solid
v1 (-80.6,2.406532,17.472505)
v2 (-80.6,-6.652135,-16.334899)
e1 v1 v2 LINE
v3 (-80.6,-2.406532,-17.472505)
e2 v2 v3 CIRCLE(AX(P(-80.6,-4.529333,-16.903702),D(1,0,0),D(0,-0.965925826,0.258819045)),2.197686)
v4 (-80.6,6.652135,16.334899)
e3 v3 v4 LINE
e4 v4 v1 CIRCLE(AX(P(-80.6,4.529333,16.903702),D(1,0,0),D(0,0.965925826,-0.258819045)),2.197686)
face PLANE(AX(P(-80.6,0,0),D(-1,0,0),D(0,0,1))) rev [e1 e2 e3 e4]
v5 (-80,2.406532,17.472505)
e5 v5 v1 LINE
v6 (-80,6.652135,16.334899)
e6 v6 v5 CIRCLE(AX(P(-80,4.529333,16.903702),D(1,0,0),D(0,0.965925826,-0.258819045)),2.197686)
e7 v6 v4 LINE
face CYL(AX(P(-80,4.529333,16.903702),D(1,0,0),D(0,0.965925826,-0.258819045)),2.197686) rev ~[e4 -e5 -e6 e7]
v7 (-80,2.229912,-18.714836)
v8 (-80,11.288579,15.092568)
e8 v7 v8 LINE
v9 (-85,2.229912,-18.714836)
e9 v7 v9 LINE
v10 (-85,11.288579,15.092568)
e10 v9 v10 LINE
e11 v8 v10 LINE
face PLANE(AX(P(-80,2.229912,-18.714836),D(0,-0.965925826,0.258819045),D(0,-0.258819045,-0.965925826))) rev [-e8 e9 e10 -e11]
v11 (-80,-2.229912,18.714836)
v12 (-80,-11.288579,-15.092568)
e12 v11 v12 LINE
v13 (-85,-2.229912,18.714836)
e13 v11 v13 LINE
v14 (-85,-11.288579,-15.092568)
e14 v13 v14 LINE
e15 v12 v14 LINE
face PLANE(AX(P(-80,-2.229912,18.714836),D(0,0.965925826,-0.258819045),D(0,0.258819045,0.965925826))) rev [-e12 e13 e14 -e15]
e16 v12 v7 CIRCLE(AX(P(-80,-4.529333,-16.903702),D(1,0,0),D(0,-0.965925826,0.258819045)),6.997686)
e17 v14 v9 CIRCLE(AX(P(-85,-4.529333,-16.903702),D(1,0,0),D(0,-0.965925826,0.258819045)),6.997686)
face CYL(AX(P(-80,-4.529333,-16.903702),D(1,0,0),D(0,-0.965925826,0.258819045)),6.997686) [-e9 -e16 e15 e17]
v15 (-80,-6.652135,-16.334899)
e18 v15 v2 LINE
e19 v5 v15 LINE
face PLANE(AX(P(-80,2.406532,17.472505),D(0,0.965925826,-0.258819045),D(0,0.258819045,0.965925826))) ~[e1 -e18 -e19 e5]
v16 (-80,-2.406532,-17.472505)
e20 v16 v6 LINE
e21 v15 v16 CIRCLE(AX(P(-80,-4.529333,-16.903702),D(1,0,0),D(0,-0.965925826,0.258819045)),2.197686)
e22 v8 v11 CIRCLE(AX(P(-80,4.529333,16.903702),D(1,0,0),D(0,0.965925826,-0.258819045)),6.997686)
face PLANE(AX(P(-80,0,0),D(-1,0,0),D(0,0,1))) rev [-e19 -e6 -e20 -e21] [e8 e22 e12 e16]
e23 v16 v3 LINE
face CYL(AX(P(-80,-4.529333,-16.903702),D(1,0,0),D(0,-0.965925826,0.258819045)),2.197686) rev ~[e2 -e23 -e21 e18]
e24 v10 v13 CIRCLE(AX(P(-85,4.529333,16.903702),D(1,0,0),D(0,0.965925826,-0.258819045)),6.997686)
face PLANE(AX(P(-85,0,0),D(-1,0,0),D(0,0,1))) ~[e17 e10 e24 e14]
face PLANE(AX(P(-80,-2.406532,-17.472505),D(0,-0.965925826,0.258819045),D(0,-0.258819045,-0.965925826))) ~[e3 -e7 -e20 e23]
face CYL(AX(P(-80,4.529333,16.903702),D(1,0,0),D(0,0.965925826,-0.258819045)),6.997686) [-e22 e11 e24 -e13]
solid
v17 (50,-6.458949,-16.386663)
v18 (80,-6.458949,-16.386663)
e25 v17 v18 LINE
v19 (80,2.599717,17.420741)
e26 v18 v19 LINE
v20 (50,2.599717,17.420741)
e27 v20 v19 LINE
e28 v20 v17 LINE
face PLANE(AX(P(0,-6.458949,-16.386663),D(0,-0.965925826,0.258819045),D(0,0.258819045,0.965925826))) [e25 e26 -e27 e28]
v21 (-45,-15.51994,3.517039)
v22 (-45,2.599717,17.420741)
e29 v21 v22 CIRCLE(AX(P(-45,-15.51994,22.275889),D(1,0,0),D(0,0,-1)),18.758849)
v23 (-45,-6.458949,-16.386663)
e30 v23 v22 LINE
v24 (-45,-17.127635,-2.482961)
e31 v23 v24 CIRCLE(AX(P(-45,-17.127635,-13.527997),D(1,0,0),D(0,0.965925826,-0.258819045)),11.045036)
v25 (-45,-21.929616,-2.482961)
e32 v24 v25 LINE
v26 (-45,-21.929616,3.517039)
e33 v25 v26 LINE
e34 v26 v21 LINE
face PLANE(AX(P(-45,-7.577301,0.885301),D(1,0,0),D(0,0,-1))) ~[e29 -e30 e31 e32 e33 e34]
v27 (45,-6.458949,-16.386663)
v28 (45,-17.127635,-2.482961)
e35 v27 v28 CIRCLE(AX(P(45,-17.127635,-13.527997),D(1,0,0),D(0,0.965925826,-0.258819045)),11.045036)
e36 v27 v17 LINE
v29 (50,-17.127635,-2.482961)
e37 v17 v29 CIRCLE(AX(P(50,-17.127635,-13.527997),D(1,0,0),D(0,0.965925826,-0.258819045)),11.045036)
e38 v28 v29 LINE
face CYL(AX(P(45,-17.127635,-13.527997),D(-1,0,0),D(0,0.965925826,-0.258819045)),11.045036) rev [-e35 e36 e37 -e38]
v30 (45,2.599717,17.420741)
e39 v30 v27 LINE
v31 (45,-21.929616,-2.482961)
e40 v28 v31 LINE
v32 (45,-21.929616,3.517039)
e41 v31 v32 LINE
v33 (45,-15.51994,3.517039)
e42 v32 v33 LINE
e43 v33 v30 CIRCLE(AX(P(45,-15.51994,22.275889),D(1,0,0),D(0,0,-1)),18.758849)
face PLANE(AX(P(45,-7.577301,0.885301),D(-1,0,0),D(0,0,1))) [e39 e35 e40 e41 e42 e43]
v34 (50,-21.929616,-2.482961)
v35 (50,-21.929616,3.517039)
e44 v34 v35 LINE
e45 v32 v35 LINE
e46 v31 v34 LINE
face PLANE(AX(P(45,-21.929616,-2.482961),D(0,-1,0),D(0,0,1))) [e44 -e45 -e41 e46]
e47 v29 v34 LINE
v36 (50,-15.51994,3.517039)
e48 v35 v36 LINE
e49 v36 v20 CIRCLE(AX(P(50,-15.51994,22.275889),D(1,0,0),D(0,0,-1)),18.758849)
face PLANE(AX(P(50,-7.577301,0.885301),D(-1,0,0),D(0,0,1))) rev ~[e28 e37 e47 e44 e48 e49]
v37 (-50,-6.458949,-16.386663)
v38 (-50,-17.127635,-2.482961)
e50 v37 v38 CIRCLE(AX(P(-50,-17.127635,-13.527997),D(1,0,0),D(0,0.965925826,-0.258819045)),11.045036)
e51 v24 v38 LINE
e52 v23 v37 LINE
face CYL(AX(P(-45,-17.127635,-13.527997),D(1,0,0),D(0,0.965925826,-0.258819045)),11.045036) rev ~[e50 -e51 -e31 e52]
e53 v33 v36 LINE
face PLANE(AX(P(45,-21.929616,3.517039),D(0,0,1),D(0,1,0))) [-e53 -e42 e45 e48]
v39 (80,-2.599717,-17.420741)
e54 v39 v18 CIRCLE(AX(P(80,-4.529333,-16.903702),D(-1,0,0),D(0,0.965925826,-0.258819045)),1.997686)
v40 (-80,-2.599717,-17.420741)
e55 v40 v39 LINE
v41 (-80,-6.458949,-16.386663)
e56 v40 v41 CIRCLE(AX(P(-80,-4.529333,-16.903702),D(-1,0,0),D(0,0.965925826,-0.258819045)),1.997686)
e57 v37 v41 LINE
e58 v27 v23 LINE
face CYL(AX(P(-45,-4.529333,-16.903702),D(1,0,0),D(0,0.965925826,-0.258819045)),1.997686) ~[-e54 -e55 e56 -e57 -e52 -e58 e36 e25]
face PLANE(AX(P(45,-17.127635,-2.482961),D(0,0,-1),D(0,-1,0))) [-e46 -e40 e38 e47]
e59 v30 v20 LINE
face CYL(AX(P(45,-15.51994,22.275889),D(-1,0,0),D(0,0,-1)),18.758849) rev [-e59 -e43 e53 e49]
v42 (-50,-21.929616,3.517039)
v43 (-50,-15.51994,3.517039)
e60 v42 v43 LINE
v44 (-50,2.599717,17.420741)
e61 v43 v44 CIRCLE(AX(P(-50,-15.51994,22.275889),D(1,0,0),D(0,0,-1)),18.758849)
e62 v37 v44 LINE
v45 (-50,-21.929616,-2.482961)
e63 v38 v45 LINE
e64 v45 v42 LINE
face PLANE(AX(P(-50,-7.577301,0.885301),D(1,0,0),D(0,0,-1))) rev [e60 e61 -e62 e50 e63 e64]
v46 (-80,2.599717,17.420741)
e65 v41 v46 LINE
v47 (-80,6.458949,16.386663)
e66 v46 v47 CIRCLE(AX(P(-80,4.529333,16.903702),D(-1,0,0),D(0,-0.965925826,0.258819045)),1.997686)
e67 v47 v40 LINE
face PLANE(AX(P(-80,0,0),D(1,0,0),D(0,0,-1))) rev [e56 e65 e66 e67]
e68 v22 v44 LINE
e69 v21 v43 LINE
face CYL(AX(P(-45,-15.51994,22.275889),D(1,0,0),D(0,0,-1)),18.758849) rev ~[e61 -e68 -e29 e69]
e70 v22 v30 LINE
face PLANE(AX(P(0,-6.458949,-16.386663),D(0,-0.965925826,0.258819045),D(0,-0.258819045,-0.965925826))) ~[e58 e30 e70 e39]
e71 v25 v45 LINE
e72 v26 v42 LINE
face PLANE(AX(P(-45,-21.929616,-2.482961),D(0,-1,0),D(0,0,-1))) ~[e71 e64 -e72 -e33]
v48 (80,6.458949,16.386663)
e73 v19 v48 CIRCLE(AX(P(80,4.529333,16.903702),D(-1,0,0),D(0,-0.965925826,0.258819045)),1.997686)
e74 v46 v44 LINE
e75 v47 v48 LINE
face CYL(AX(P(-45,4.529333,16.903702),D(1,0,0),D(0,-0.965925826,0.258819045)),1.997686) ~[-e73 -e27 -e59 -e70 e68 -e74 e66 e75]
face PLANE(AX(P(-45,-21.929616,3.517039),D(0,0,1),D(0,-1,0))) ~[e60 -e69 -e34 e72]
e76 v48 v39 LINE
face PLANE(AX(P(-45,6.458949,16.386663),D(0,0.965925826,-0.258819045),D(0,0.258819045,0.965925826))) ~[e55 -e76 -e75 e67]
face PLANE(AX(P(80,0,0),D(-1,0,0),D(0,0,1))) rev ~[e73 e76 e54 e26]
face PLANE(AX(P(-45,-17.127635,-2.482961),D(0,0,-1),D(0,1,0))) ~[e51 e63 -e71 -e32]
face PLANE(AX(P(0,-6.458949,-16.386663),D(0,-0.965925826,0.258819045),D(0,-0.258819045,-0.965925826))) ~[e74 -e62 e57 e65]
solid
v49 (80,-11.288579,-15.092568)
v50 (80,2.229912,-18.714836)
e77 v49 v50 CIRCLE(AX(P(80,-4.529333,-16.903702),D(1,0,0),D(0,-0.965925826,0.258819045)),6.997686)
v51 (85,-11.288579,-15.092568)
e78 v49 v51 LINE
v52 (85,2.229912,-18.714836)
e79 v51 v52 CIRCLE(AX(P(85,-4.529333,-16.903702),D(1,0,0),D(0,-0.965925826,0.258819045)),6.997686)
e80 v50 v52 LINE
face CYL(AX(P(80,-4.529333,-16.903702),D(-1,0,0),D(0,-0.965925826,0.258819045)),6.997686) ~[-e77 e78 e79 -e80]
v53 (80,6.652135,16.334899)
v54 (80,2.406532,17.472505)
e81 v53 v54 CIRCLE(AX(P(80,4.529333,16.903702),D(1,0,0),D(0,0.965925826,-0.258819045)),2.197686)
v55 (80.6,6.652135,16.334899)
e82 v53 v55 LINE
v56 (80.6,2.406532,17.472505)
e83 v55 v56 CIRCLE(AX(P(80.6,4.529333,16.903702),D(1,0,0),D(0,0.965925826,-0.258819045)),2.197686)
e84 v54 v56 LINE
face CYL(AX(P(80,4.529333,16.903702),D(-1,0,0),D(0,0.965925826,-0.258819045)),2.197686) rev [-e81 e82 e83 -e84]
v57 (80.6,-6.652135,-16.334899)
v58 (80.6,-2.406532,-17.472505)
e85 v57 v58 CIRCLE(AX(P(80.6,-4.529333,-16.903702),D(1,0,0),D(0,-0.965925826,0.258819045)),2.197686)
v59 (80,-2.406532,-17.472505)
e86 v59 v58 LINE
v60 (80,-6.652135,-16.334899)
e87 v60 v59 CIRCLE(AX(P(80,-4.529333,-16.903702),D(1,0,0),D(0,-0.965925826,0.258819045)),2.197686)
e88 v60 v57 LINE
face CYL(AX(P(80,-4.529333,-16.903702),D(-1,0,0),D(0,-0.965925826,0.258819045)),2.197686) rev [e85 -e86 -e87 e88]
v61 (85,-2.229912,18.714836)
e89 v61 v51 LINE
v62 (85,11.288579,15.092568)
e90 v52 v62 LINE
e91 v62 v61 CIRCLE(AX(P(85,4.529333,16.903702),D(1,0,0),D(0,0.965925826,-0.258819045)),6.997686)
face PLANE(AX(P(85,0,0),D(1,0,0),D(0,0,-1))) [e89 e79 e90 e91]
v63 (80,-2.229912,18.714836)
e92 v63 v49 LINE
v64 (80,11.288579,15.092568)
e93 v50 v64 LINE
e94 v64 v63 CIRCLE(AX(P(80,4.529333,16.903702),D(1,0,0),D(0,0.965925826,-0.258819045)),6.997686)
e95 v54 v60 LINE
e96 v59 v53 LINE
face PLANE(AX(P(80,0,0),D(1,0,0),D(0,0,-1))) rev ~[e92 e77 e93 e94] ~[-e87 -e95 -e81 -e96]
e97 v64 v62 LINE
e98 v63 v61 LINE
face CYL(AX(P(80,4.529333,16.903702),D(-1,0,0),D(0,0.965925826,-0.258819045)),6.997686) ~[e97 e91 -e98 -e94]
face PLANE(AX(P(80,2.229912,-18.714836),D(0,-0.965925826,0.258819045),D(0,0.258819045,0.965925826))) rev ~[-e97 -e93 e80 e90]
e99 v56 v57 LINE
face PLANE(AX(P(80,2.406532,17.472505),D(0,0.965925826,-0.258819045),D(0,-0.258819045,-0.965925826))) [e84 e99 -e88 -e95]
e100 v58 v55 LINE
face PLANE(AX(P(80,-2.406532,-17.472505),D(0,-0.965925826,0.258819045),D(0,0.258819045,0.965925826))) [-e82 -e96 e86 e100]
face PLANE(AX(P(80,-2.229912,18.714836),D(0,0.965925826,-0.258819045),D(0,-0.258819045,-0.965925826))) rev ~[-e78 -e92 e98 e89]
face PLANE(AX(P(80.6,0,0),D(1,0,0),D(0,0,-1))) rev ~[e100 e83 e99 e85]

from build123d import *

# Parameters (mm, degrees)
BOSS_EXTRUDE1_DEPTH = 80
BOSS_EXTRUDE2_DEPTH = 5
CUT_EXTRUDE1_DEPTH  = 0.6
BOSS_EXTRUDE5_START = -45
BOSS_EXTRUDE5_DEPTH = 5


with BuildPart() as part:
    # Sketch1 → Boss-Extrude1 (new body)
    with BuildSketch(Plane(origin=(0, 0, 0), x_dir=(0, 0, -1), z_dir=(1, 0, 0))):
        with BuildLine():
            Line((-16.386662876, 6.458949422), (17.420741045, -2.599717156))
            ThreePointArc((17.420741045, -2.599717156), (18.833318093, -5.046372374), (16.386662876, -6.458949422))
            Line((16.386662876, -6.458949422), (-17.420741045, 2.599717156))
            ThreePointArc((-17.420741045, 2.599717156), (-18.833318093, 5.046372374), (-16.386662876, 6.458949422))
        make_face()
    boss_extrude1 = extrude(amount=BOSS_EXTRUDE1_DEPTH)

    # Sketch7 → Boss-Extrude5 (add)
    with BuildSketch(Plane.ZY.offset(BOSS_EXTRUDE5_START)):
        with BuildLine():
            ThreePointArc((-16.386662876, -6.458949422), (-6.804205107, -8.365018782), (-2.482960915, -17.127635169))
            Line((-2.482960915, -17.127635169), (-2.482960915, -21.929616133))
            Line((-2.482960915, -21.929616133), (3.517039085, -21.929616133))
            Line((3.517039085, -21.929616133), (3.517039085, -15.519940014))
            ThreePointArc((3.517039085, -15.519940014), (7.393492667, -4.100276007), (17.420741045, 2.599717156))
            Line((17.420741045, 2.599717156), (-16.386662876, -6.458949422))
        make_face()
        with BuildLine():
            ThreePointArc((-17.420741045, -2.599717156), (-18.833318093, -5.046372374), (-16.386662876, -6.458949422))
            Line((-16.386662876, -6.458949422), (17.420741045, 2.599717156))
            ThreePointArc((17.420741045, 2.599717156), (18.833318093, 5.046372374), (16.386662876, 6.458949422))
            Line((16.386662876, 6.458949422), (-17.420741045, -2.599717156))
        make_face()
    boss_extrude5 = extrude(amount=-BOSS_EXTRUDE5_DEPTH)

    # Mirror1: Boss-Extrude1, Boss-Extrude5 across plane
    add(boss_extrude1.mirror(Plane(origin=(0, 4.529333289, 16.90370196), x_dir=(0, 0, 1), z_dir=(1, 0, 0))))
    add(boss_extrude5.mirror(Plane(origin=(0, 4.529333289, 16.90370196), x_dir=(0, 0, 1), z_dir=(1, 0, 0))))


with BuildPart() as body_2:
    # Sketch2 → Boss-Extrude2 (new body)
    with BuildSketch(Plane(origin=(80, 0, 0), x_dir=(0, 0, -1), z_dir=(1, 0, 0))):
        with BuildLine():
            Line((-18.71483627, -2.229911975), (15.09256765, -11.288578554))
            ThreePointArc((15.09256765, -11.288578554), (23.662947224, -6.340467599), (18.71483627, 2.229911975))
            Line((18.71483627, 2.229911975), (-15.09256765, 11.288578554))
            ThreePointArc((-15.09256765, 11.288578554), (-23.662947224, 6.340467599), (-18.71483627, -2.229911975))
        make_face()
    extrude(amount=BOSS_EXTRUDE2_DEPTH)

    # Sketch8 → Cut-Extrude1 (cut)
    with BuildSketch(Plane.ZY.offset(-80)):
        with BuildLine():
            Line((-17.472504854, -2.406531991), (16.334899067, 6.652134588))
            ThreePointArc((16.334899067, 6.652134588), (19.026503258, 5.098136183), (17.472504854, 2.406531991))
            Line((17.472504854, 2.406531991), (-16.334899067, -6.652134588))
            ThreePointArc((-16.334899067, -6.652134588), (-19.026503258, -5.098136183), (-17.472504854, -2.406531991))
        make_face()
    extrude(amount=-CUT_EXTRUDE1_DEPTH, mode=Mode.SUBTRACT)


with BuildPart() as body_3:
    # Mirror3: mirrored copy
    add(body_2.part.mirror(Plane(origin=(0, 4.529333289, 16.90370196), x_dir=(0, 0, 1), z_dir=(1, 0, 0))))


solid = Compound([part.part, body_2.part, body_3.part])
